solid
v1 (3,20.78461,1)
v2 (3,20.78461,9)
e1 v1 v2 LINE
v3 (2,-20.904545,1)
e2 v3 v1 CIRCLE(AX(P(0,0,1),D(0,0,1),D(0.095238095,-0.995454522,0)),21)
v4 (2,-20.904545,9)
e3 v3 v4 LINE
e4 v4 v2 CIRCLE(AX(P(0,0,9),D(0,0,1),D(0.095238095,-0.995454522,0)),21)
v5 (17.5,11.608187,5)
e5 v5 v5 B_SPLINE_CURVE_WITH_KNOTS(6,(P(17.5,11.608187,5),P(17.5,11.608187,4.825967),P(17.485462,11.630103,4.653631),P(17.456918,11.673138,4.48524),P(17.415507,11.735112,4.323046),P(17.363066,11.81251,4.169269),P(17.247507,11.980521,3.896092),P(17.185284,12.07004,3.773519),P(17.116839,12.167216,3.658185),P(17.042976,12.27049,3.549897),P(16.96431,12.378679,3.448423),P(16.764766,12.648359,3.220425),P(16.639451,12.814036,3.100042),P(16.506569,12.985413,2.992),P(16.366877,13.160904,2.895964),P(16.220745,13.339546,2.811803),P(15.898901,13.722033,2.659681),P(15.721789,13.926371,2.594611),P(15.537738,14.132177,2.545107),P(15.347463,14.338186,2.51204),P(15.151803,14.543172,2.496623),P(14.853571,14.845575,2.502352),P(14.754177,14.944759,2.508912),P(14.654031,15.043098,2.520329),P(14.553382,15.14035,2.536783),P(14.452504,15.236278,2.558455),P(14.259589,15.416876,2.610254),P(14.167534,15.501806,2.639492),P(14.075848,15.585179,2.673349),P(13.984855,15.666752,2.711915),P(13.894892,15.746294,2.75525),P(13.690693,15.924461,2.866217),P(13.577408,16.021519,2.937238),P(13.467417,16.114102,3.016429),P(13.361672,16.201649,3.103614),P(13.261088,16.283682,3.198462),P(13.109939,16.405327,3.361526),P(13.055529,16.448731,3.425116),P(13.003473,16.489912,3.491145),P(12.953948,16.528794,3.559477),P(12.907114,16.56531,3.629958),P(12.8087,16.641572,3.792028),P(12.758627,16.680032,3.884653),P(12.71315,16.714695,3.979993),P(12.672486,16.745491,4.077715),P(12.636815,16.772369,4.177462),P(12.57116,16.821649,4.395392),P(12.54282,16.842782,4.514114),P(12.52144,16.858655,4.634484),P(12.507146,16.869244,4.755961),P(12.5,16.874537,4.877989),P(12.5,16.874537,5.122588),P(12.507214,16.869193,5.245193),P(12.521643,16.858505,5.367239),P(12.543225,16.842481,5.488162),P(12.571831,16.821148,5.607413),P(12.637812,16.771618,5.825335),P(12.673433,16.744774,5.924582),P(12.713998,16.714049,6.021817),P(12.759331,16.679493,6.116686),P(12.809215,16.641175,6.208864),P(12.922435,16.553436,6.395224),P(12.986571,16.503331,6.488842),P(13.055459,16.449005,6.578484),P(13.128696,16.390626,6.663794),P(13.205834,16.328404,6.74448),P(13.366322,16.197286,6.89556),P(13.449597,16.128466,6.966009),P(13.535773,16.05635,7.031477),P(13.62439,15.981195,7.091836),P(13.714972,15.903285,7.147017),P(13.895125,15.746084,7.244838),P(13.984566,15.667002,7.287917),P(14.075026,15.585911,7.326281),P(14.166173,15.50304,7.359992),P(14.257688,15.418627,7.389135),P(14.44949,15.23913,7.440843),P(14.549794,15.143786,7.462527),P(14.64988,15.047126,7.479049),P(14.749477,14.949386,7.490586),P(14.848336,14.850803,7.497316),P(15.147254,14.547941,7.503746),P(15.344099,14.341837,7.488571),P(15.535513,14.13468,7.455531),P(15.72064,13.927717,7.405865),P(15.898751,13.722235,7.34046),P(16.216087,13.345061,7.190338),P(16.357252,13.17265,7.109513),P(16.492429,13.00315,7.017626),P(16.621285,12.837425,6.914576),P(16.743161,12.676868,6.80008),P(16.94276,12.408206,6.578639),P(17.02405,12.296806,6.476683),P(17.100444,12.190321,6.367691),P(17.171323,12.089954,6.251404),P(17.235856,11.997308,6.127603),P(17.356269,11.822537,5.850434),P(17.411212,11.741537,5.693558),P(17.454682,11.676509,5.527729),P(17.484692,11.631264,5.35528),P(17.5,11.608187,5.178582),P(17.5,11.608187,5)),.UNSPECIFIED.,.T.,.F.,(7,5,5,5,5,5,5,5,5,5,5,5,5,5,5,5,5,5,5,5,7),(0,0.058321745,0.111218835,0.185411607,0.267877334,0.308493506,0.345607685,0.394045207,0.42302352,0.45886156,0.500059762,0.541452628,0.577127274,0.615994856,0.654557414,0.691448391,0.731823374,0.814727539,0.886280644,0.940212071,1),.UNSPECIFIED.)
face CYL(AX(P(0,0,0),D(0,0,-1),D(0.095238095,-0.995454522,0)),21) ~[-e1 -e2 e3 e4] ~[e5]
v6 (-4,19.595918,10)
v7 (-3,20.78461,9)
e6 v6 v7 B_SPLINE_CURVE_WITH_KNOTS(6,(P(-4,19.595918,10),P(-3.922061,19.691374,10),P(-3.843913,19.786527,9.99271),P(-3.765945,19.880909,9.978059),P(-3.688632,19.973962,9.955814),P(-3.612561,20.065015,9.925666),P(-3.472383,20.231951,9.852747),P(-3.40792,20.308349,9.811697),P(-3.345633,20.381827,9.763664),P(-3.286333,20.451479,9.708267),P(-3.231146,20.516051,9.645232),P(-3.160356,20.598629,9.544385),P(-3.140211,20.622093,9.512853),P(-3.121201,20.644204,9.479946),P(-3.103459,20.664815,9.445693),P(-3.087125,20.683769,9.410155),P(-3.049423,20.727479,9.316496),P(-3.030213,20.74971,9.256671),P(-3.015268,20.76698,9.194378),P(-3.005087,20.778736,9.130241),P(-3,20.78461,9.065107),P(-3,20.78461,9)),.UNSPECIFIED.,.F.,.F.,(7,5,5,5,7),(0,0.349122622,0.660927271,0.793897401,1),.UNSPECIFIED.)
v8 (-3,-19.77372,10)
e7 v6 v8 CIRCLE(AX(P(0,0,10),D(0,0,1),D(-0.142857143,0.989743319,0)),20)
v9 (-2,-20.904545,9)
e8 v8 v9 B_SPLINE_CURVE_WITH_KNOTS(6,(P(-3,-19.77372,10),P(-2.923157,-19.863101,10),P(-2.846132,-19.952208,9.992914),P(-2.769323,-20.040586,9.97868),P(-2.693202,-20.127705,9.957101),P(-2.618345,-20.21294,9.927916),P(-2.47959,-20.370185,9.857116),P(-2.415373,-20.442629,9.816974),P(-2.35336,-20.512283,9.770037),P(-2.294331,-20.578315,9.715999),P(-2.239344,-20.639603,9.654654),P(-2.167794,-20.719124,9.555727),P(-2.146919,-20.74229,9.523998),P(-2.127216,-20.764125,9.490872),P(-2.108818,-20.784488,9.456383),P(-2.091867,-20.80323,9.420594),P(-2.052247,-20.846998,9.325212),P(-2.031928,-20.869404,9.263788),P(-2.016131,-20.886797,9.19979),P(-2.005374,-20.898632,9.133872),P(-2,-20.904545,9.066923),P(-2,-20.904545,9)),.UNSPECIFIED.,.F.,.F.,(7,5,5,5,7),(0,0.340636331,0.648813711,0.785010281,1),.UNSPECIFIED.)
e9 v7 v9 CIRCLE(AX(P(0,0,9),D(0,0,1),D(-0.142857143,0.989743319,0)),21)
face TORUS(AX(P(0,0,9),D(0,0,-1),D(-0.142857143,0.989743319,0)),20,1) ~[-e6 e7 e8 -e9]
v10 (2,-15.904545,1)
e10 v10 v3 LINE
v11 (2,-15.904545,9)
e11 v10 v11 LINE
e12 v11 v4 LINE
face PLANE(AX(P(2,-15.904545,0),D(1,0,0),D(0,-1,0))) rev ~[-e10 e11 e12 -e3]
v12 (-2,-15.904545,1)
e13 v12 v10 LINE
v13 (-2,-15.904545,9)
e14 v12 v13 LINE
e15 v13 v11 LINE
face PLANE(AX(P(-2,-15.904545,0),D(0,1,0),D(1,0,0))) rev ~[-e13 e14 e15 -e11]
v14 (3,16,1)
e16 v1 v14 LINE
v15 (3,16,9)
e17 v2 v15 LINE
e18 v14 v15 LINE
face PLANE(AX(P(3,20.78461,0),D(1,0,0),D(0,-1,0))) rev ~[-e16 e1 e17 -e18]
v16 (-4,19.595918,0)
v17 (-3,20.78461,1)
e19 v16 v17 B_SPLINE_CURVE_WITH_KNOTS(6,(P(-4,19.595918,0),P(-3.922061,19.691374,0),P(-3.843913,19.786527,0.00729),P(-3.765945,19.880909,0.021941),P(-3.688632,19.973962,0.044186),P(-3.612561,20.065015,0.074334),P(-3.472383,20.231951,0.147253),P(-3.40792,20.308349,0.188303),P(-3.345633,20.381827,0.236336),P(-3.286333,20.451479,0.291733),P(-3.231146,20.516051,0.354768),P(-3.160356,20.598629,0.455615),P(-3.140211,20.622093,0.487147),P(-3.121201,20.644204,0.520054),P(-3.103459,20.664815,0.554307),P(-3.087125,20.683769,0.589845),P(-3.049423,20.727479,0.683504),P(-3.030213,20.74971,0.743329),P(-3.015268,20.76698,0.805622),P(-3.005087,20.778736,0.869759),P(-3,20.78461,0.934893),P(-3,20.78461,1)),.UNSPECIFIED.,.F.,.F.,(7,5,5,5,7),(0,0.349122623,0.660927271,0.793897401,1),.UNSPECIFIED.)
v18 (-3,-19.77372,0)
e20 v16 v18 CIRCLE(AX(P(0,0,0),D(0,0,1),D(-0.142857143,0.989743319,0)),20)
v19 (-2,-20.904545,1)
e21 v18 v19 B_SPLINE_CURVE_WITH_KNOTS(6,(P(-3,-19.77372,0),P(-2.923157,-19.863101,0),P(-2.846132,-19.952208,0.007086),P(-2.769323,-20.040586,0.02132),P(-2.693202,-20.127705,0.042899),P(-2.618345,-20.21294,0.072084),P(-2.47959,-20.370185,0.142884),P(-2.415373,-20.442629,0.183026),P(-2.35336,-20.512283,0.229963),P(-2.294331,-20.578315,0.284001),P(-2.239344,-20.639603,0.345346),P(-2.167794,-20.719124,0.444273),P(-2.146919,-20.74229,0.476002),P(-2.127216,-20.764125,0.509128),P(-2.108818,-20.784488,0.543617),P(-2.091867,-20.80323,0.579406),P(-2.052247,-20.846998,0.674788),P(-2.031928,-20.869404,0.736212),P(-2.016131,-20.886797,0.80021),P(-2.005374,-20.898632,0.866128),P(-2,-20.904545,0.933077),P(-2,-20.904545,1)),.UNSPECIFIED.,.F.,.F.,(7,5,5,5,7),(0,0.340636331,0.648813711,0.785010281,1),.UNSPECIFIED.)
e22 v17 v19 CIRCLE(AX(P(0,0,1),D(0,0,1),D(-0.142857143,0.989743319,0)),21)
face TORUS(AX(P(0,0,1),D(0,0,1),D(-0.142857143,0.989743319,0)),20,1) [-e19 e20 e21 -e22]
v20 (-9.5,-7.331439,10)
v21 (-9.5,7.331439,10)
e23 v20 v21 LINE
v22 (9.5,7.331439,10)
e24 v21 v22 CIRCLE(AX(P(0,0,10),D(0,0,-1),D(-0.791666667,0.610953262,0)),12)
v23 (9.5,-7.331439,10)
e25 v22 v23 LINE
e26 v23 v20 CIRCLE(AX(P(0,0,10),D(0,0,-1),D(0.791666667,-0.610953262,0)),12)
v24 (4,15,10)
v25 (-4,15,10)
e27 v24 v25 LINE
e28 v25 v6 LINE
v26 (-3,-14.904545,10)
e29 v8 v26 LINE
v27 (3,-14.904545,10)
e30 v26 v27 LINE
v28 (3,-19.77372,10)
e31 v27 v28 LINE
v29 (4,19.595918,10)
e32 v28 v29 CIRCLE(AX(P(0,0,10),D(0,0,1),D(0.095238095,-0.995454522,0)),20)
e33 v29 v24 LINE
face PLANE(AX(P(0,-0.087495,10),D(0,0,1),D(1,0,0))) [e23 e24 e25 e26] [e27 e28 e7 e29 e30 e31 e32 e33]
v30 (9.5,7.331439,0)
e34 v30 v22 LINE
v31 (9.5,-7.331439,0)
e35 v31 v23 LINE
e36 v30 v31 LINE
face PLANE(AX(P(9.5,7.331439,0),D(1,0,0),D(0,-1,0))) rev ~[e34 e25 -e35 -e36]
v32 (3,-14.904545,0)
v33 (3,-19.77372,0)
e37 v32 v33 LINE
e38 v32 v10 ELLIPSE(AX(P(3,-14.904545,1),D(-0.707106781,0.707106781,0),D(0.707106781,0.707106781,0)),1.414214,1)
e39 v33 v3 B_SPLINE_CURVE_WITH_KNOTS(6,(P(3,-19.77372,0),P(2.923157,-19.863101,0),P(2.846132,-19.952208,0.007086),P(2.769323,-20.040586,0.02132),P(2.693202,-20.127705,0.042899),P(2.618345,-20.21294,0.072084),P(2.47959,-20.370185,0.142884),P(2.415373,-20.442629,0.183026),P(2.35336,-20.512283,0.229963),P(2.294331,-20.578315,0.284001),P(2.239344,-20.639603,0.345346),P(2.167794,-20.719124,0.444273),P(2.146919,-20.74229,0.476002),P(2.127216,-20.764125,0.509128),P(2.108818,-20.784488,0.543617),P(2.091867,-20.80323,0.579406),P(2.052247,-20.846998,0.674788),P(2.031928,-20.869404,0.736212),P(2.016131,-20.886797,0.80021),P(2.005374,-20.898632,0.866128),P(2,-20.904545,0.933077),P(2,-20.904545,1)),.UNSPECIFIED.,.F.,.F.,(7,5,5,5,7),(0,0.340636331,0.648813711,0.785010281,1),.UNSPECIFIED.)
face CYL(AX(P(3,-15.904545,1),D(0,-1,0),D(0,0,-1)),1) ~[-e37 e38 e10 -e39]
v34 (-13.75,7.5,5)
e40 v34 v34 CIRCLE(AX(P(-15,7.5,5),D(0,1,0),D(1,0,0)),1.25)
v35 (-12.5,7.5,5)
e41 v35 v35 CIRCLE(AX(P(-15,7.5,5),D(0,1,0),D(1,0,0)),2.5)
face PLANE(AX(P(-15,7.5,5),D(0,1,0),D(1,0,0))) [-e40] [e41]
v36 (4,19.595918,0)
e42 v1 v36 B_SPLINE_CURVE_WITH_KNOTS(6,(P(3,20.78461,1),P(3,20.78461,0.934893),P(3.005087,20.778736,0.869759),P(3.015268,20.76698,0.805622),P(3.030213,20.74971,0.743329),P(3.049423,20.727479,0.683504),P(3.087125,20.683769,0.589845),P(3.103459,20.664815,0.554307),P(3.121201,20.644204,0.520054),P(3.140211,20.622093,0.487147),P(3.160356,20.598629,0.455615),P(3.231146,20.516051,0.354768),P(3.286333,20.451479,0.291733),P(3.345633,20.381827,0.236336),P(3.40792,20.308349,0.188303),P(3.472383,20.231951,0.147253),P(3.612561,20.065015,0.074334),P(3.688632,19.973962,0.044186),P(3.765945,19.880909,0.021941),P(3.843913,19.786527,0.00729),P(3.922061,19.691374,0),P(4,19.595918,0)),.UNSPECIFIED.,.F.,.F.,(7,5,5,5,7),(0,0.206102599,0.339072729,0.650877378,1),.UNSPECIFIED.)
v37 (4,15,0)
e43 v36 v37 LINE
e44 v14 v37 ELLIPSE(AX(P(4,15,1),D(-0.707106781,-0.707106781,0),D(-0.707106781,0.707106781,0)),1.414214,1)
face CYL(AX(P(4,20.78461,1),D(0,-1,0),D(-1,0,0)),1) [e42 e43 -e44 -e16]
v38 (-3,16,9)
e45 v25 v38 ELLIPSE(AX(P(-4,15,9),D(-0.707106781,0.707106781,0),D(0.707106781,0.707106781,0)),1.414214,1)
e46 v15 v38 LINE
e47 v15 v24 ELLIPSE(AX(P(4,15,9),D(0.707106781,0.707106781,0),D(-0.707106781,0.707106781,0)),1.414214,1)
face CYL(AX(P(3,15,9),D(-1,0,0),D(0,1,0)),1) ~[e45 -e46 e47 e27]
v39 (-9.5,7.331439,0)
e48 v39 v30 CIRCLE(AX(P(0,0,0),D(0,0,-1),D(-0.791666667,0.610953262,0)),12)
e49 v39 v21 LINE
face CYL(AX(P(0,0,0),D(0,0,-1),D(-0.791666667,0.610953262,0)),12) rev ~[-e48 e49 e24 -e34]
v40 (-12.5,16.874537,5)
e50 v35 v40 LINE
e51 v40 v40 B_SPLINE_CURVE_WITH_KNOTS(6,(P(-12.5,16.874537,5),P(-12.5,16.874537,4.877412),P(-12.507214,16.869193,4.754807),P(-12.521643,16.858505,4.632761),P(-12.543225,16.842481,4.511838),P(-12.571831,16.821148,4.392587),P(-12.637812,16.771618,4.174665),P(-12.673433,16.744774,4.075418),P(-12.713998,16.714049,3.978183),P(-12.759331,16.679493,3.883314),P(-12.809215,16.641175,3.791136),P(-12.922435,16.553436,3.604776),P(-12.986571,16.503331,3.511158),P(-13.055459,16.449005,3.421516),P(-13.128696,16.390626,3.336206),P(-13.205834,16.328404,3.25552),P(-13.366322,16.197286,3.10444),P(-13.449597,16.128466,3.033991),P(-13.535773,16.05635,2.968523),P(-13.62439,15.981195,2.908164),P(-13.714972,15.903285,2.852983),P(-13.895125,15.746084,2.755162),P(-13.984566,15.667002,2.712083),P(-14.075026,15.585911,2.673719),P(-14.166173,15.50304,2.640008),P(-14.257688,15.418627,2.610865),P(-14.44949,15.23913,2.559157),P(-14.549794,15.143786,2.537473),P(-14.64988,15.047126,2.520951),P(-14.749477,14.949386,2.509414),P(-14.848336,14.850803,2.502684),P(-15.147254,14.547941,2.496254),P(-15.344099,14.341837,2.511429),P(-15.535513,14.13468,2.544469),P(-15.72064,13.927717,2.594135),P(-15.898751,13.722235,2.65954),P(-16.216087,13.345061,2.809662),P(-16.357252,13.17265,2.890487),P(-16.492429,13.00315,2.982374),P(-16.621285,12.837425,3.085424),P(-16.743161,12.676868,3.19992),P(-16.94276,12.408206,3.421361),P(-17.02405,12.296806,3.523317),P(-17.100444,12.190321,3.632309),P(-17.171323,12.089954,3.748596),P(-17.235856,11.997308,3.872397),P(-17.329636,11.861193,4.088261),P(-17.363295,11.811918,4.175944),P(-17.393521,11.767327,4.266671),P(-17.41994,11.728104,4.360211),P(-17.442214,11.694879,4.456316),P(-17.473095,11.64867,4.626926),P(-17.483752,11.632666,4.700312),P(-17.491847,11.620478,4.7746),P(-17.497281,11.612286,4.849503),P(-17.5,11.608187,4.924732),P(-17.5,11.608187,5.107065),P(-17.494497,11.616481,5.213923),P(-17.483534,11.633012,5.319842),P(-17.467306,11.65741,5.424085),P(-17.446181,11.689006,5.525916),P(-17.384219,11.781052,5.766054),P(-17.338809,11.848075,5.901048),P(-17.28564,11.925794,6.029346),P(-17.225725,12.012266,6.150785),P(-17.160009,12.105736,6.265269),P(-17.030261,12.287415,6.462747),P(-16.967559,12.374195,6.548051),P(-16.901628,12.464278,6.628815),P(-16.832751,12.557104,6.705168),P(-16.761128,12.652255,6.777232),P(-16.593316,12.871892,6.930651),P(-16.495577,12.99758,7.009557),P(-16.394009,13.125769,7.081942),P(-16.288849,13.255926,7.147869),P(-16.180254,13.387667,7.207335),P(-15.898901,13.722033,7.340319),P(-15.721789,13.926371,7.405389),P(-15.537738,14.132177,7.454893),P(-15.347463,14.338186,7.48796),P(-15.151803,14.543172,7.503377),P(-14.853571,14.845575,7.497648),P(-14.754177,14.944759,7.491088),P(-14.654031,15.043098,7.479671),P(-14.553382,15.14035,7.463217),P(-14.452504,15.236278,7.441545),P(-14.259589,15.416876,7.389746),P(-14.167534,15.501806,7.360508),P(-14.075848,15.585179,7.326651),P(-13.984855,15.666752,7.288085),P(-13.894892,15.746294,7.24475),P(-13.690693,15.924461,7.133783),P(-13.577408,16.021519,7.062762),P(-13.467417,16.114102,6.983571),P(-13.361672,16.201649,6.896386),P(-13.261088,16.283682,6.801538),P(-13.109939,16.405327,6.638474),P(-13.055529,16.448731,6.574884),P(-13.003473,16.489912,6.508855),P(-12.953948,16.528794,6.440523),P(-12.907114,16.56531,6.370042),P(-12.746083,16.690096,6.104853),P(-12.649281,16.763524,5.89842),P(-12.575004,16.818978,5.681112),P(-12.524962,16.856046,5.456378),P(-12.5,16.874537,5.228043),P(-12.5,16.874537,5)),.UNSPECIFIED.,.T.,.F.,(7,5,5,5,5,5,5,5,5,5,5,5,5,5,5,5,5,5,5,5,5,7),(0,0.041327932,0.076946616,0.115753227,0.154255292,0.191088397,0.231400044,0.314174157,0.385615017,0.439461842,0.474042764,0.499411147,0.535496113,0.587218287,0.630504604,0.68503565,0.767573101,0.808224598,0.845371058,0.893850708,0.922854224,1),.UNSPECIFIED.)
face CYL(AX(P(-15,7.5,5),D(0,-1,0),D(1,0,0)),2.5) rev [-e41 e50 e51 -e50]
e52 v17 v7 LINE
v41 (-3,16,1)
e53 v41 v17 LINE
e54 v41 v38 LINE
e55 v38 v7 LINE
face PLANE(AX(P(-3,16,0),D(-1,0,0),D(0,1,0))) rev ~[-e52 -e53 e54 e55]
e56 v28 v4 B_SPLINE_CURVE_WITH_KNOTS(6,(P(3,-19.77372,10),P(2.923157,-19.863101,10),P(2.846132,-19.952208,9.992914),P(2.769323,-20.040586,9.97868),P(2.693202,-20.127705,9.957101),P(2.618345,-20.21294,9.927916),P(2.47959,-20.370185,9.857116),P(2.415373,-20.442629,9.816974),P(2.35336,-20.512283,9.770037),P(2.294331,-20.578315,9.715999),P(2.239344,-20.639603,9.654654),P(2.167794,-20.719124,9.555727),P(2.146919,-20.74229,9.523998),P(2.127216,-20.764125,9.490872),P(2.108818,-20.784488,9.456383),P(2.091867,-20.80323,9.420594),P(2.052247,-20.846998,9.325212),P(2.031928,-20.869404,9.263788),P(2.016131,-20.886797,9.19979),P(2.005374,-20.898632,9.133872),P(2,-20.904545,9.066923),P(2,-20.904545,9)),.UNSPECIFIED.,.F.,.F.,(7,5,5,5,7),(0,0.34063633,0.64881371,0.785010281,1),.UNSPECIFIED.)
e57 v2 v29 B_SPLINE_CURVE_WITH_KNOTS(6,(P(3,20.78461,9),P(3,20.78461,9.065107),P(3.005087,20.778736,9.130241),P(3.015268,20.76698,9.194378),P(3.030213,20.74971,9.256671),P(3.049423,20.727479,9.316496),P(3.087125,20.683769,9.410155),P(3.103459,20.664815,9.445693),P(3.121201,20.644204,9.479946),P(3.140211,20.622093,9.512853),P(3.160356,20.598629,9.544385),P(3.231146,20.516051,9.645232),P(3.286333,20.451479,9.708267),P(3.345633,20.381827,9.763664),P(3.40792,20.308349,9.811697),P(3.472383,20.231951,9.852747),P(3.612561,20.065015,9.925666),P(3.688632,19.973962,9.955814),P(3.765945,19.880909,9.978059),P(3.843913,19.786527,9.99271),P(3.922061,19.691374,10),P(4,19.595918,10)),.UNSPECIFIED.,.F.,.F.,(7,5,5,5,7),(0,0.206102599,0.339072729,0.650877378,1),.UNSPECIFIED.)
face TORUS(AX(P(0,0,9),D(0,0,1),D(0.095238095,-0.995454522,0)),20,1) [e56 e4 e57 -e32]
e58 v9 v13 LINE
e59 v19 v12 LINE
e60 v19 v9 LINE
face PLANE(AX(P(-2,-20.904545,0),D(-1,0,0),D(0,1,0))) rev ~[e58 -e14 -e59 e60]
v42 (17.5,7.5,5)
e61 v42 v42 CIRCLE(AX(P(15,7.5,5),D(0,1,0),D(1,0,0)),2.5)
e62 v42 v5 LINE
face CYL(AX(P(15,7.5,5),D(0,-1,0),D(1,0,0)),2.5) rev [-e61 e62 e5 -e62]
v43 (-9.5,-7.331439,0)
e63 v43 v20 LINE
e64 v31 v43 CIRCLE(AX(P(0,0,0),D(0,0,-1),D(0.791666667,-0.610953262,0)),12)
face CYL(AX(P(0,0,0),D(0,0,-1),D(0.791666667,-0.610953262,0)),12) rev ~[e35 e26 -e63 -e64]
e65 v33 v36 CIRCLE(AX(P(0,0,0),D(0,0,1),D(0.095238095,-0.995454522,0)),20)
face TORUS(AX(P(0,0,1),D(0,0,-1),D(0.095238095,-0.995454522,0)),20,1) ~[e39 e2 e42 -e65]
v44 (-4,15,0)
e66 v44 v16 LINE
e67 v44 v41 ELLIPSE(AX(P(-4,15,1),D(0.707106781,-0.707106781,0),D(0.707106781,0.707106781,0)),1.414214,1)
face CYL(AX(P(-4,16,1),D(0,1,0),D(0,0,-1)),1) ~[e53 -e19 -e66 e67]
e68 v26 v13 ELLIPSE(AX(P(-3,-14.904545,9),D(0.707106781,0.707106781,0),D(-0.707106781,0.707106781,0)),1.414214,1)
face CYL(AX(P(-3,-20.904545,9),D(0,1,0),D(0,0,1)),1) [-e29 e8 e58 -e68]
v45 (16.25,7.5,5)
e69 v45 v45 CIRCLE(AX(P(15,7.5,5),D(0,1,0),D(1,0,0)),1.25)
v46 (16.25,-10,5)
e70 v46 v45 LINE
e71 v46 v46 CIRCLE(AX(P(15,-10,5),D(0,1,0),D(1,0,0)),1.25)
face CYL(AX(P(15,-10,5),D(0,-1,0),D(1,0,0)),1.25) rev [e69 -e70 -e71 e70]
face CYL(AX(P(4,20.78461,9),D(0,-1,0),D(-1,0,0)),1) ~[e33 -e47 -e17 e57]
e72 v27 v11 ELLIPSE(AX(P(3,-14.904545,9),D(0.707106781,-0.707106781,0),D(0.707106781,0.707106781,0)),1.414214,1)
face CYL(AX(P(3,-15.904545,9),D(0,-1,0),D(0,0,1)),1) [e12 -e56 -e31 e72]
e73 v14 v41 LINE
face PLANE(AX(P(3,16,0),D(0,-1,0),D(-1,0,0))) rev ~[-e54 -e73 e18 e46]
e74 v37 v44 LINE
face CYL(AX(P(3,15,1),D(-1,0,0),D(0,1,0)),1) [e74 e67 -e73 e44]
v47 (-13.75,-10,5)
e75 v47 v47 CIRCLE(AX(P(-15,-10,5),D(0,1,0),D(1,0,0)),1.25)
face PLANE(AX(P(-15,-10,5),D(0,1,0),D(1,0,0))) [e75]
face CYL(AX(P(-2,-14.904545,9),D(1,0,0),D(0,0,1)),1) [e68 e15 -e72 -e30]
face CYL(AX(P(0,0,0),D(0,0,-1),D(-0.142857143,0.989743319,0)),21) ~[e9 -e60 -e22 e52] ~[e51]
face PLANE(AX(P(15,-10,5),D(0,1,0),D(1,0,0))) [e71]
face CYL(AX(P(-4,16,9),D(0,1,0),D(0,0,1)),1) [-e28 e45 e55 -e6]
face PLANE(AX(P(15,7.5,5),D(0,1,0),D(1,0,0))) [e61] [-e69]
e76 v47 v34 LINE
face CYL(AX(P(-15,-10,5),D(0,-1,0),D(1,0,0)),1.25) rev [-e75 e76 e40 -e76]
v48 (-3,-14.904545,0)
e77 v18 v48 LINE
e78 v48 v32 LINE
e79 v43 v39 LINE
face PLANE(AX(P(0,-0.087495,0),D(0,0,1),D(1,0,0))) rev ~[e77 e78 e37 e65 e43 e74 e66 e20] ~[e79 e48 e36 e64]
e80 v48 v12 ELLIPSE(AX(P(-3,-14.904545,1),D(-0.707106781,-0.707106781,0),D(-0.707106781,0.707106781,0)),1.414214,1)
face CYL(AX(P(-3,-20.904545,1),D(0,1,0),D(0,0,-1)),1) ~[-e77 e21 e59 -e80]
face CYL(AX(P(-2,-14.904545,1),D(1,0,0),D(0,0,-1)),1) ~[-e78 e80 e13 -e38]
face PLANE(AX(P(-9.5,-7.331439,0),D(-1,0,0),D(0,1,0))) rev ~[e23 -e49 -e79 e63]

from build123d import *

# Parameters (mm, degrees)
BOSS_EXTRU_1_DEPTH           = 10
ENL_V_MAT_EXTRU_1_DEPTH      = 20
ENL_V_MAT_EXTRU_1_DEPTH_BACK = 10
ESQUISSE2_R                  = 1.25
ENL_V_START                  = 7.5
ESQUISSE2_5_R                = 2.5
ESQUISSE2_5_R_2              = 1.25
ENL_V_MAT_EXTRU_2_DEPTH      = 10
CONG_1_R                     = 1


with BuildPart() as part:
    # Esquisse1 → Boss.-Extru.1 (new body)
    with BuildSketch(Plane.XY):
        with BuildLine():
            Line((3, 20.784609691), (3, 16))
            Line((3, 16), (-3, 16))
            Line((-3, 16), (-3, 20.784609691))
            ThreePointArc((-3, 20.784609691), (-20.993961129, -0.503583277), (-2, -20.90454496))
            Line((-2, -20.90454496), (-2, -15.90454496))
            Line((-2, -15.90454496), (2, -15.90454496))
            Line((2, -15.90454496), (2, -20.90454496))
            ThreePointArc((2, -20.90454496), (20.993961129, -0.503583277), (3, 20.784609691))
        make_face()
        with BuildLine():
            ThreePointArc((-9.5, 7.331439149), (0, 12), (9.5, 7.331439149))
            Line((9.5, 7.331439149), (9.5, -7.331439149))
            ThreePointArc((9.5, -7.331439149), (0, -12), (-9.5, -7.331439149))
            Line((-9.5, -7.331439149), (-9.5, 7.331439149))
        make_face(mode=Mode.SUBTRACT)
    extrude(amount=BOSS_EXTRU_1_DEPTH)

    # Esquisse2 → Enl_v. mat.-Extru.1 (cut, two sides: drawn at the far end of the back side and taken through both)
    with BuildSketch(Plane(origin=(0, 0, 0), x_dir=(1, 0, 0), z_dir=(0, 1, 0)).offset(-ENL_V_MAT_EXTRU_1_DEPTH_BACK)):
        with Locations((15, -5)):
            Circle(ESQUISSE2_R)
        with Locations((-15, -5)):
            Circle(ESQUISSE2_R)
    extrude(amount=ENL_V_MAT_EXTRU_1_DEPTH + ENL_V_MAT_EXTRU_1_DEPTH_BACK, mode=Mode.SUBTRACT)

    # Esquisse2_5 → Enl_v. mat.-Extru.2 (cut)
    # profile 1 of 2: a face of its own
    with BuildSketch(Plane(origin=(0, 0, 0), x_dir=(1, 0, 0), z_dir=(0, 1, 0)).offset(ENL_V_START)):
        with Locations((15, -5)):
            Circle(ESQUISSE2_5_R)
        with Locations((15, -5)):
            Circle(ESQUISSE2_5_R_2, mode=Mode.SUBTRACT)
    # profile 2 of 2: a face of its own
    with BuildSketch(Plane(origin=(0, 0, 0), x_dir=(1, 0, 0), z_dir=(0, 1, 0)).offset(ENL_V_START)):
        with Locations((-15, -5)):
            Circle(ESQUISSE2_5_R)
        with Locations((-15, -5)):
            Circle(ESQUISSE2_5_R_2, mode=Mode.SUBTRACT)
    extrude(amount=ENL_V_MAT_EXTRU_2_DEPTH, mode=Mode.SUBTRACT)

    # Cong_1
    cong_1_edges = [part.edges().sort_by_distance(p)[0] for p in [
        (-2, -18.40454496, 0),
        (0, -15.90454496, 0),
        (2, -18.40454496, 0),
        (-20.993961129, -0.503583277, 0),
        (-3, 18.392304845, 0),
        (0, 16, 0),
        (3, 18.392304845, 0),
        (20.993961129, -0.503583277, 0),
        (-2, -18.40454496, 10),
        (0, -15.90454496, 10),
        (2, -18.40454496, 10),
        (-3, 18.392304845, 10),
        (0, 16, 10),
        (3, 18.392304845, 10),
        (20.993961129, -0.503583277, 10),
        (-20.993961129, -0.503583277, 10),
    ]]
    fillet(cong_1_edges, radius=CONG_1_R)


solid = part.part
